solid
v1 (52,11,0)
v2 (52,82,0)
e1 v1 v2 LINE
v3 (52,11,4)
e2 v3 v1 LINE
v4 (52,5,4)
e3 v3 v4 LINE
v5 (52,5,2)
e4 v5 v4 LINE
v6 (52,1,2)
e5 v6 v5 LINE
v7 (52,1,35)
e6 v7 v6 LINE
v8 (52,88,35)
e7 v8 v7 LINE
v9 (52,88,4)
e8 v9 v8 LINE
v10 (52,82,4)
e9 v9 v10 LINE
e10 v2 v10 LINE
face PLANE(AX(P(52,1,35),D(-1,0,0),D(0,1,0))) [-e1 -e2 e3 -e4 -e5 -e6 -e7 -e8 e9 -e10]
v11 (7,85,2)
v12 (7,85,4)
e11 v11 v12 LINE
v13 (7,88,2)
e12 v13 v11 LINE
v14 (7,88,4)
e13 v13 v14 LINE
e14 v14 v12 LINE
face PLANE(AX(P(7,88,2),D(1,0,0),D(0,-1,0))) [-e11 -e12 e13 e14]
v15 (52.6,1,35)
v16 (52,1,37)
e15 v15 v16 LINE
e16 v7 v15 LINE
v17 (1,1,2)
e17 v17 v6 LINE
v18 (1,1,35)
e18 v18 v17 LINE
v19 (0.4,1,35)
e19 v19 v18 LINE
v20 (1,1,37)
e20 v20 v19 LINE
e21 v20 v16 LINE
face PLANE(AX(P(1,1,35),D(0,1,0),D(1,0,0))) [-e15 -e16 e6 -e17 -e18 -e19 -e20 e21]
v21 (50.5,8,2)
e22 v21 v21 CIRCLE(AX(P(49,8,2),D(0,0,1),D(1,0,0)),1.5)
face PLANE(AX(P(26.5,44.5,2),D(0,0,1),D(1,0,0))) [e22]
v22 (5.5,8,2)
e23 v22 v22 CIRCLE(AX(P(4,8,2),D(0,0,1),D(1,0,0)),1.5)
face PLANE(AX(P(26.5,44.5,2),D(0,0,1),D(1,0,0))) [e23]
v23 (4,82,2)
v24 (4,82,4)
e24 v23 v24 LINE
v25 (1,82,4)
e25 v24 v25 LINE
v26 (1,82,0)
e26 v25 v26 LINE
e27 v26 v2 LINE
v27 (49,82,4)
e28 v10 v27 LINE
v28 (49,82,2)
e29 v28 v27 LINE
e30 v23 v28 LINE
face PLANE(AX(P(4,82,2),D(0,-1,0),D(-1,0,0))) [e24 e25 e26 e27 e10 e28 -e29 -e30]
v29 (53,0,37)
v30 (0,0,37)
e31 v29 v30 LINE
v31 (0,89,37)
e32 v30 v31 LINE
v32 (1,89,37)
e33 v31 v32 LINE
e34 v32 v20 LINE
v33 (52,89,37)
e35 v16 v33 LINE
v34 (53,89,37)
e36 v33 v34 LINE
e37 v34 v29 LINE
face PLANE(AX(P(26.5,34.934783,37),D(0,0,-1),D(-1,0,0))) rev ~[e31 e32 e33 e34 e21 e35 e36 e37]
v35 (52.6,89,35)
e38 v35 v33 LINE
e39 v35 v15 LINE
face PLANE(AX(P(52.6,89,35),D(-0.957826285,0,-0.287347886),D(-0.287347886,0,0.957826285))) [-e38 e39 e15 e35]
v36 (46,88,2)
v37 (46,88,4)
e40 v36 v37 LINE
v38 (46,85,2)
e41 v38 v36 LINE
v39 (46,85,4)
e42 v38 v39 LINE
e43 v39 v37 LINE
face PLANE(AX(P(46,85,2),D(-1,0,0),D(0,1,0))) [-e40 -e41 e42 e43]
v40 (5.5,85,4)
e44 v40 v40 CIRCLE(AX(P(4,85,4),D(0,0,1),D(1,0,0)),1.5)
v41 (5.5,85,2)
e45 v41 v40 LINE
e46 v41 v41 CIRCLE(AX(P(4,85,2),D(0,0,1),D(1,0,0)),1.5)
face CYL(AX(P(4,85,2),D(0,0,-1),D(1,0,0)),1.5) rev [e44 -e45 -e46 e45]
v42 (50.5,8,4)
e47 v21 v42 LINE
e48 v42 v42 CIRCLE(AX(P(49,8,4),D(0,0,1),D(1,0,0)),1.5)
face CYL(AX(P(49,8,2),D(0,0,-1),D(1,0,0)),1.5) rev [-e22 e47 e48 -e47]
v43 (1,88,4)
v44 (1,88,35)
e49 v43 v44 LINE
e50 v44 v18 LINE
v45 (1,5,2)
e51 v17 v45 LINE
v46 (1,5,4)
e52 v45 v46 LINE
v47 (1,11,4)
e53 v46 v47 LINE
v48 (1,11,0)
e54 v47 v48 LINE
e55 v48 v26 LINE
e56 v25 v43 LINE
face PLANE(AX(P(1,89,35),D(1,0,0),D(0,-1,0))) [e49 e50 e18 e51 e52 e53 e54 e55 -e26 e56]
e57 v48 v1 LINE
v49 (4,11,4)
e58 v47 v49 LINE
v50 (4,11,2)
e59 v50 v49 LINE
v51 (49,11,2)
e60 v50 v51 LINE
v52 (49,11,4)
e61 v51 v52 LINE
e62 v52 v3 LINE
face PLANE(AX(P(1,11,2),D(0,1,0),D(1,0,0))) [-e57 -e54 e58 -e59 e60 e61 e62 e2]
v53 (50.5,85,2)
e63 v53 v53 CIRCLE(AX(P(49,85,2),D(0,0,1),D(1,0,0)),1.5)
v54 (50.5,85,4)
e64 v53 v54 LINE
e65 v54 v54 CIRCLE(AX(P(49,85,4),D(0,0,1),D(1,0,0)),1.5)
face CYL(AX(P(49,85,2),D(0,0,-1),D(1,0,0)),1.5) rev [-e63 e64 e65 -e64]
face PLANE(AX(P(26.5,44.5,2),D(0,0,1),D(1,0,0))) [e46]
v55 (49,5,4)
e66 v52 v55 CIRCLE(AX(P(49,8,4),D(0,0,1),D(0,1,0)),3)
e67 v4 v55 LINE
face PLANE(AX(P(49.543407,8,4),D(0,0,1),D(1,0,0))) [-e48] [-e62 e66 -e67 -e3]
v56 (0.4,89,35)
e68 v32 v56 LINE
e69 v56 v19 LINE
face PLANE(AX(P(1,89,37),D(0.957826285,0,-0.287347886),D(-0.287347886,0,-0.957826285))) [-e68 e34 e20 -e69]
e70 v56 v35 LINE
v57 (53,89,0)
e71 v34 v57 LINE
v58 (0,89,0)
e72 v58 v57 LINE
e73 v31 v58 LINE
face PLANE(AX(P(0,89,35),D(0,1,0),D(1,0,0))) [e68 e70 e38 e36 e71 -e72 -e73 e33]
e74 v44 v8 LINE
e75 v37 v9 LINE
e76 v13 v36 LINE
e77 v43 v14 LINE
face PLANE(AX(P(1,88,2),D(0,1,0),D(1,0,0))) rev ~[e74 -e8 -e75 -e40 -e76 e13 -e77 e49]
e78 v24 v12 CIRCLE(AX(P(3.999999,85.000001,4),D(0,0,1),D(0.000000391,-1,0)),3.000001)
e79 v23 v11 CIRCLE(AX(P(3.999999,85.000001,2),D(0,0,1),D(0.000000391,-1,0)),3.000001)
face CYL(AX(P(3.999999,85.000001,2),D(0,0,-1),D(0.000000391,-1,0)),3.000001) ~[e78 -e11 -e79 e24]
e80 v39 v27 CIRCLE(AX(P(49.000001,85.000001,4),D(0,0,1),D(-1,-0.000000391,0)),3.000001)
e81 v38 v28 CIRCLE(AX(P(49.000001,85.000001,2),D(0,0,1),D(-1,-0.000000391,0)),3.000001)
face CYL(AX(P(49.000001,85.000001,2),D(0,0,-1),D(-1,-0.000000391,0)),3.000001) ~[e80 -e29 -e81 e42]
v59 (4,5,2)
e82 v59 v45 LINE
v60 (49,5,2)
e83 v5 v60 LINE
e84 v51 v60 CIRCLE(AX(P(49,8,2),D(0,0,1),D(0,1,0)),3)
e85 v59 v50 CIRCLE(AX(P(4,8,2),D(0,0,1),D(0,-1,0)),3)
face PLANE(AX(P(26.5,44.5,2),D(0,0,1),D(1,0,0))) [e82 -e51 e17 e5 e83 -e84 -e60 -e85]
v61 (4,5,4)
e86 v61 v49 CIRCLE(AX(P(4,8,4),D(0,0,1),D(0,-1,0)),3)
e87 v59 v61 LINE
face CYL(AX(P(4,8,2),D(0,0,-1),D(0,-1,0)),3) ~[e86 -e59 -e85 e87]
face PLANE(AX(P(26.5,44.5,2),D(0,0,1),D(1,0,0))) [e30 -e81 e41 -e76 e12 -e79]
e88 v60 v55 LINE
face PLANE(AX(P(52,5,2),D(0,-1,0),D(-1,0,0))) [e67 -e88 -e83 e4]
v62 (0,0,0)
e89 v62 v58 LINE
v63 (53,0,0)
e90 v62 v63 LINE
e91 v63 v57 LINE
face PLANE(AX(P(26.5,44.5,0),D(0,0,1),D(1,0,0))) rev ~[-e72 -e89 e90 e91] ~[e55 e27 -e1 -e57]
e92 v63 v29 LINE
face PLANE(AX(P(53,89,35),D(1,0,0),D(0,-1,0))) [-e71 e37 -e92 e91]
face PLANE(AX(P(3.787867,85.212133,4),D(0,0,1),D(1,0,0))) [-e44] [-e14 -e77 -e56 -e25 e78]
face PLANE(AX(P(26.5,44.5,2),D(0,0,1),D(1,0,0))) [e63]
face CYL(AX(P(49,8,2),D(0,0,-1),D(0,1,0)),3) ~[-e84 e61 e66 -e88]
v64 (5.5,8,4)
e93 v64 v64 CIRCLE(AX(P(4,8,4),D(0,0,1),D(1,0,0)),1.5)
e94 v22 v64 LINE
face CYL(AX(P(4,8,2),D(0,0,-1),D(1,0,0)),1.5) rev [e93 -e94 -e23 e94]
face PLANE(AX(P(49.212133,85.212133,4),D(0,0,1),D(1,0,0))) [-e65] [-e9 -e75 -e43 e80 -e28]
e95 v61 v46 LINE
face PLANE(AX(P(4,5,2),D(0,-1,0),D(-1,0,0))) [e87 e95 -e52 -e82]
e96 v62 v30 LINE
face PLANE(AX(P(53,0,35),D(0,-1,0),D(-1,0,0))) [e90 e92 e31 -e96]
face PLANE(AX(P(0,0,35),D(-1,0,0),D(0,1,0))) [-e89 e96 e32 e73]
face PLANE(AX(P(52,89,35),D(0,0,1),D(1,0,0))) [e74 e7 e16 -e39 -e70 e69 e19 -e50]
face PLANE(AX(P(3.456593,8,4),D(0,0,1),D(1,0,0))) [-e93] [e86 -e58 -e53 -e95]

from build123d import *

# Parameters (mm, degrees)
SKETCH_W        = 53
SKETCH_H        = 89
PAD_DEPTH       = 2
SKETCH001_W     = 51
SKETCH001_H     = 71
POCKET_DEPTH    = 2
SKETCH002_W     = 53
SKETCH002_H     = 89
SKETCH002_W_2   = 51
SKETCH002_H_2   = 87
PAD001_DEPTH    = 33
SKETCH003_R     = 1.5
PAD002_DEPTH    = 2
PAD003_DEPTH    = 2
POCKET001_DEPTH = 88


with BuildPart() as part:
    # Sketch → Pad (new body)
    with BuildSketch(Plane.XY):
        with Locations((26.5, 44.5)):
            Rectangle(SKETCH_W, SKETCH_H)
    extrude(amount=PAD_DEPTH)

    # Sketch001 (on Face6 of Pad) → Pocket (cut)
    with BuildSketch(Plane.XY.offset(2)):
        with Locations((26.5, 46.5)):
            Rectangle(SKETCH001_W, SKETCH001_H)
    extrude(amount=-POCKET_DEPTH, mode=Mode.SUBTRACT)

    # Sketch002 (on Face5 of Pocket) → Pad001 (join)
    with BuildSketch(Plane.XY.offset(2)):
        with Locations((26.5, 44.5)):
            Rectangle(SKETCH002_W, SKETCH002_H)
        with Locations((26.5, 44.5)):
            Rectangle(SKETCH002_W_2, SKETCH002_H_2, mode=Mode.SUBTRACT)
    extrude(amount=PAD001_DEPTH)

    # Sketch003 (on Face15 of Pad001) → Pad002 (join)
    with BuildSketch(Plane.XY.offset(2)):
        with BuildLine():
            ThreePointArc((4, 82), (6.12132, 82.87868), (7, 85))
            Line((7, 88), (7, 85))
            Line((1, 88), (7, 88))
            Line((1, 82), (1, 88))
            Line((4, 82), (1, 82))
        make_face()
        with Locations((4, 85)):
            Circle(SKETCH003_R, mode=Mode.SUBTRACT)
        with BuildLine():
            ThreePointArc((46, 85), (46.87868, 82.87868), (49, 82))
            Line((52, 82), (49, 82))
            Line((52, 88), (52, 82))
            Line((46, 88), (52, 88))
            Line((46, 85), (46, 88))
        make_face()
        with Locations((49, 85)):
            Circle(SKETCH003_R, mode=Mode.SUBTRACT)
        with BuildLine():
            ThreePointArc((49, 11), (46, 8), (49, 5))
            Line((52, 5), (49, 5))
            Line((52, 11), (52, 5))
            Line((49, 11), (52, 11))
        make_face()
        with Locations((49, 8)):
            Circle(SKETCH003_R, mode=Mode.SUBTRACT)
        with BuildLine():
            ThreePointArc((4, 5), (7, 8), (4, 11))
            Line((1, 11), (4, 11))
            Line((1, 5), (1, 11))
            Line((4, 5), (1, 5))
        make_face()
        with Locations((4, 8)):
            Circle(SKETCH003_R, mode=Mode.SUBTRACT)
    extrude(amount=PAD002_DEPTH)

    # Sketch004 (on Face13 of Pad002) → Pad003 (join)
    with BuildSketch(Plane.XY.offset(35)):
        Polygon((0, 0), (0, 89), (1, 89), (1, 1), (52, 1), (52, 89), (53, 89), (53, 0), align=None)
    extrude(amount=PAD003_DEPTH)

    # Sketch005 (on Face28 of Pad003) → Pocket001 (cut)
    with BuildSketch(Plane(origin=(0, 89, 0), x_dir=(-1, 0, 0), z_dir=(0, 1, 0))):
        Polygon((-52.6, 35), (-52, 37), (-52, 35), align=None)
        Polygon((-1, 35), (-1, 37), (-0.4, 35), align=None)
    extrude(amount=-POCKET001_DEPTH, mode=Mode.SUBTRACT)


solid = part.part
